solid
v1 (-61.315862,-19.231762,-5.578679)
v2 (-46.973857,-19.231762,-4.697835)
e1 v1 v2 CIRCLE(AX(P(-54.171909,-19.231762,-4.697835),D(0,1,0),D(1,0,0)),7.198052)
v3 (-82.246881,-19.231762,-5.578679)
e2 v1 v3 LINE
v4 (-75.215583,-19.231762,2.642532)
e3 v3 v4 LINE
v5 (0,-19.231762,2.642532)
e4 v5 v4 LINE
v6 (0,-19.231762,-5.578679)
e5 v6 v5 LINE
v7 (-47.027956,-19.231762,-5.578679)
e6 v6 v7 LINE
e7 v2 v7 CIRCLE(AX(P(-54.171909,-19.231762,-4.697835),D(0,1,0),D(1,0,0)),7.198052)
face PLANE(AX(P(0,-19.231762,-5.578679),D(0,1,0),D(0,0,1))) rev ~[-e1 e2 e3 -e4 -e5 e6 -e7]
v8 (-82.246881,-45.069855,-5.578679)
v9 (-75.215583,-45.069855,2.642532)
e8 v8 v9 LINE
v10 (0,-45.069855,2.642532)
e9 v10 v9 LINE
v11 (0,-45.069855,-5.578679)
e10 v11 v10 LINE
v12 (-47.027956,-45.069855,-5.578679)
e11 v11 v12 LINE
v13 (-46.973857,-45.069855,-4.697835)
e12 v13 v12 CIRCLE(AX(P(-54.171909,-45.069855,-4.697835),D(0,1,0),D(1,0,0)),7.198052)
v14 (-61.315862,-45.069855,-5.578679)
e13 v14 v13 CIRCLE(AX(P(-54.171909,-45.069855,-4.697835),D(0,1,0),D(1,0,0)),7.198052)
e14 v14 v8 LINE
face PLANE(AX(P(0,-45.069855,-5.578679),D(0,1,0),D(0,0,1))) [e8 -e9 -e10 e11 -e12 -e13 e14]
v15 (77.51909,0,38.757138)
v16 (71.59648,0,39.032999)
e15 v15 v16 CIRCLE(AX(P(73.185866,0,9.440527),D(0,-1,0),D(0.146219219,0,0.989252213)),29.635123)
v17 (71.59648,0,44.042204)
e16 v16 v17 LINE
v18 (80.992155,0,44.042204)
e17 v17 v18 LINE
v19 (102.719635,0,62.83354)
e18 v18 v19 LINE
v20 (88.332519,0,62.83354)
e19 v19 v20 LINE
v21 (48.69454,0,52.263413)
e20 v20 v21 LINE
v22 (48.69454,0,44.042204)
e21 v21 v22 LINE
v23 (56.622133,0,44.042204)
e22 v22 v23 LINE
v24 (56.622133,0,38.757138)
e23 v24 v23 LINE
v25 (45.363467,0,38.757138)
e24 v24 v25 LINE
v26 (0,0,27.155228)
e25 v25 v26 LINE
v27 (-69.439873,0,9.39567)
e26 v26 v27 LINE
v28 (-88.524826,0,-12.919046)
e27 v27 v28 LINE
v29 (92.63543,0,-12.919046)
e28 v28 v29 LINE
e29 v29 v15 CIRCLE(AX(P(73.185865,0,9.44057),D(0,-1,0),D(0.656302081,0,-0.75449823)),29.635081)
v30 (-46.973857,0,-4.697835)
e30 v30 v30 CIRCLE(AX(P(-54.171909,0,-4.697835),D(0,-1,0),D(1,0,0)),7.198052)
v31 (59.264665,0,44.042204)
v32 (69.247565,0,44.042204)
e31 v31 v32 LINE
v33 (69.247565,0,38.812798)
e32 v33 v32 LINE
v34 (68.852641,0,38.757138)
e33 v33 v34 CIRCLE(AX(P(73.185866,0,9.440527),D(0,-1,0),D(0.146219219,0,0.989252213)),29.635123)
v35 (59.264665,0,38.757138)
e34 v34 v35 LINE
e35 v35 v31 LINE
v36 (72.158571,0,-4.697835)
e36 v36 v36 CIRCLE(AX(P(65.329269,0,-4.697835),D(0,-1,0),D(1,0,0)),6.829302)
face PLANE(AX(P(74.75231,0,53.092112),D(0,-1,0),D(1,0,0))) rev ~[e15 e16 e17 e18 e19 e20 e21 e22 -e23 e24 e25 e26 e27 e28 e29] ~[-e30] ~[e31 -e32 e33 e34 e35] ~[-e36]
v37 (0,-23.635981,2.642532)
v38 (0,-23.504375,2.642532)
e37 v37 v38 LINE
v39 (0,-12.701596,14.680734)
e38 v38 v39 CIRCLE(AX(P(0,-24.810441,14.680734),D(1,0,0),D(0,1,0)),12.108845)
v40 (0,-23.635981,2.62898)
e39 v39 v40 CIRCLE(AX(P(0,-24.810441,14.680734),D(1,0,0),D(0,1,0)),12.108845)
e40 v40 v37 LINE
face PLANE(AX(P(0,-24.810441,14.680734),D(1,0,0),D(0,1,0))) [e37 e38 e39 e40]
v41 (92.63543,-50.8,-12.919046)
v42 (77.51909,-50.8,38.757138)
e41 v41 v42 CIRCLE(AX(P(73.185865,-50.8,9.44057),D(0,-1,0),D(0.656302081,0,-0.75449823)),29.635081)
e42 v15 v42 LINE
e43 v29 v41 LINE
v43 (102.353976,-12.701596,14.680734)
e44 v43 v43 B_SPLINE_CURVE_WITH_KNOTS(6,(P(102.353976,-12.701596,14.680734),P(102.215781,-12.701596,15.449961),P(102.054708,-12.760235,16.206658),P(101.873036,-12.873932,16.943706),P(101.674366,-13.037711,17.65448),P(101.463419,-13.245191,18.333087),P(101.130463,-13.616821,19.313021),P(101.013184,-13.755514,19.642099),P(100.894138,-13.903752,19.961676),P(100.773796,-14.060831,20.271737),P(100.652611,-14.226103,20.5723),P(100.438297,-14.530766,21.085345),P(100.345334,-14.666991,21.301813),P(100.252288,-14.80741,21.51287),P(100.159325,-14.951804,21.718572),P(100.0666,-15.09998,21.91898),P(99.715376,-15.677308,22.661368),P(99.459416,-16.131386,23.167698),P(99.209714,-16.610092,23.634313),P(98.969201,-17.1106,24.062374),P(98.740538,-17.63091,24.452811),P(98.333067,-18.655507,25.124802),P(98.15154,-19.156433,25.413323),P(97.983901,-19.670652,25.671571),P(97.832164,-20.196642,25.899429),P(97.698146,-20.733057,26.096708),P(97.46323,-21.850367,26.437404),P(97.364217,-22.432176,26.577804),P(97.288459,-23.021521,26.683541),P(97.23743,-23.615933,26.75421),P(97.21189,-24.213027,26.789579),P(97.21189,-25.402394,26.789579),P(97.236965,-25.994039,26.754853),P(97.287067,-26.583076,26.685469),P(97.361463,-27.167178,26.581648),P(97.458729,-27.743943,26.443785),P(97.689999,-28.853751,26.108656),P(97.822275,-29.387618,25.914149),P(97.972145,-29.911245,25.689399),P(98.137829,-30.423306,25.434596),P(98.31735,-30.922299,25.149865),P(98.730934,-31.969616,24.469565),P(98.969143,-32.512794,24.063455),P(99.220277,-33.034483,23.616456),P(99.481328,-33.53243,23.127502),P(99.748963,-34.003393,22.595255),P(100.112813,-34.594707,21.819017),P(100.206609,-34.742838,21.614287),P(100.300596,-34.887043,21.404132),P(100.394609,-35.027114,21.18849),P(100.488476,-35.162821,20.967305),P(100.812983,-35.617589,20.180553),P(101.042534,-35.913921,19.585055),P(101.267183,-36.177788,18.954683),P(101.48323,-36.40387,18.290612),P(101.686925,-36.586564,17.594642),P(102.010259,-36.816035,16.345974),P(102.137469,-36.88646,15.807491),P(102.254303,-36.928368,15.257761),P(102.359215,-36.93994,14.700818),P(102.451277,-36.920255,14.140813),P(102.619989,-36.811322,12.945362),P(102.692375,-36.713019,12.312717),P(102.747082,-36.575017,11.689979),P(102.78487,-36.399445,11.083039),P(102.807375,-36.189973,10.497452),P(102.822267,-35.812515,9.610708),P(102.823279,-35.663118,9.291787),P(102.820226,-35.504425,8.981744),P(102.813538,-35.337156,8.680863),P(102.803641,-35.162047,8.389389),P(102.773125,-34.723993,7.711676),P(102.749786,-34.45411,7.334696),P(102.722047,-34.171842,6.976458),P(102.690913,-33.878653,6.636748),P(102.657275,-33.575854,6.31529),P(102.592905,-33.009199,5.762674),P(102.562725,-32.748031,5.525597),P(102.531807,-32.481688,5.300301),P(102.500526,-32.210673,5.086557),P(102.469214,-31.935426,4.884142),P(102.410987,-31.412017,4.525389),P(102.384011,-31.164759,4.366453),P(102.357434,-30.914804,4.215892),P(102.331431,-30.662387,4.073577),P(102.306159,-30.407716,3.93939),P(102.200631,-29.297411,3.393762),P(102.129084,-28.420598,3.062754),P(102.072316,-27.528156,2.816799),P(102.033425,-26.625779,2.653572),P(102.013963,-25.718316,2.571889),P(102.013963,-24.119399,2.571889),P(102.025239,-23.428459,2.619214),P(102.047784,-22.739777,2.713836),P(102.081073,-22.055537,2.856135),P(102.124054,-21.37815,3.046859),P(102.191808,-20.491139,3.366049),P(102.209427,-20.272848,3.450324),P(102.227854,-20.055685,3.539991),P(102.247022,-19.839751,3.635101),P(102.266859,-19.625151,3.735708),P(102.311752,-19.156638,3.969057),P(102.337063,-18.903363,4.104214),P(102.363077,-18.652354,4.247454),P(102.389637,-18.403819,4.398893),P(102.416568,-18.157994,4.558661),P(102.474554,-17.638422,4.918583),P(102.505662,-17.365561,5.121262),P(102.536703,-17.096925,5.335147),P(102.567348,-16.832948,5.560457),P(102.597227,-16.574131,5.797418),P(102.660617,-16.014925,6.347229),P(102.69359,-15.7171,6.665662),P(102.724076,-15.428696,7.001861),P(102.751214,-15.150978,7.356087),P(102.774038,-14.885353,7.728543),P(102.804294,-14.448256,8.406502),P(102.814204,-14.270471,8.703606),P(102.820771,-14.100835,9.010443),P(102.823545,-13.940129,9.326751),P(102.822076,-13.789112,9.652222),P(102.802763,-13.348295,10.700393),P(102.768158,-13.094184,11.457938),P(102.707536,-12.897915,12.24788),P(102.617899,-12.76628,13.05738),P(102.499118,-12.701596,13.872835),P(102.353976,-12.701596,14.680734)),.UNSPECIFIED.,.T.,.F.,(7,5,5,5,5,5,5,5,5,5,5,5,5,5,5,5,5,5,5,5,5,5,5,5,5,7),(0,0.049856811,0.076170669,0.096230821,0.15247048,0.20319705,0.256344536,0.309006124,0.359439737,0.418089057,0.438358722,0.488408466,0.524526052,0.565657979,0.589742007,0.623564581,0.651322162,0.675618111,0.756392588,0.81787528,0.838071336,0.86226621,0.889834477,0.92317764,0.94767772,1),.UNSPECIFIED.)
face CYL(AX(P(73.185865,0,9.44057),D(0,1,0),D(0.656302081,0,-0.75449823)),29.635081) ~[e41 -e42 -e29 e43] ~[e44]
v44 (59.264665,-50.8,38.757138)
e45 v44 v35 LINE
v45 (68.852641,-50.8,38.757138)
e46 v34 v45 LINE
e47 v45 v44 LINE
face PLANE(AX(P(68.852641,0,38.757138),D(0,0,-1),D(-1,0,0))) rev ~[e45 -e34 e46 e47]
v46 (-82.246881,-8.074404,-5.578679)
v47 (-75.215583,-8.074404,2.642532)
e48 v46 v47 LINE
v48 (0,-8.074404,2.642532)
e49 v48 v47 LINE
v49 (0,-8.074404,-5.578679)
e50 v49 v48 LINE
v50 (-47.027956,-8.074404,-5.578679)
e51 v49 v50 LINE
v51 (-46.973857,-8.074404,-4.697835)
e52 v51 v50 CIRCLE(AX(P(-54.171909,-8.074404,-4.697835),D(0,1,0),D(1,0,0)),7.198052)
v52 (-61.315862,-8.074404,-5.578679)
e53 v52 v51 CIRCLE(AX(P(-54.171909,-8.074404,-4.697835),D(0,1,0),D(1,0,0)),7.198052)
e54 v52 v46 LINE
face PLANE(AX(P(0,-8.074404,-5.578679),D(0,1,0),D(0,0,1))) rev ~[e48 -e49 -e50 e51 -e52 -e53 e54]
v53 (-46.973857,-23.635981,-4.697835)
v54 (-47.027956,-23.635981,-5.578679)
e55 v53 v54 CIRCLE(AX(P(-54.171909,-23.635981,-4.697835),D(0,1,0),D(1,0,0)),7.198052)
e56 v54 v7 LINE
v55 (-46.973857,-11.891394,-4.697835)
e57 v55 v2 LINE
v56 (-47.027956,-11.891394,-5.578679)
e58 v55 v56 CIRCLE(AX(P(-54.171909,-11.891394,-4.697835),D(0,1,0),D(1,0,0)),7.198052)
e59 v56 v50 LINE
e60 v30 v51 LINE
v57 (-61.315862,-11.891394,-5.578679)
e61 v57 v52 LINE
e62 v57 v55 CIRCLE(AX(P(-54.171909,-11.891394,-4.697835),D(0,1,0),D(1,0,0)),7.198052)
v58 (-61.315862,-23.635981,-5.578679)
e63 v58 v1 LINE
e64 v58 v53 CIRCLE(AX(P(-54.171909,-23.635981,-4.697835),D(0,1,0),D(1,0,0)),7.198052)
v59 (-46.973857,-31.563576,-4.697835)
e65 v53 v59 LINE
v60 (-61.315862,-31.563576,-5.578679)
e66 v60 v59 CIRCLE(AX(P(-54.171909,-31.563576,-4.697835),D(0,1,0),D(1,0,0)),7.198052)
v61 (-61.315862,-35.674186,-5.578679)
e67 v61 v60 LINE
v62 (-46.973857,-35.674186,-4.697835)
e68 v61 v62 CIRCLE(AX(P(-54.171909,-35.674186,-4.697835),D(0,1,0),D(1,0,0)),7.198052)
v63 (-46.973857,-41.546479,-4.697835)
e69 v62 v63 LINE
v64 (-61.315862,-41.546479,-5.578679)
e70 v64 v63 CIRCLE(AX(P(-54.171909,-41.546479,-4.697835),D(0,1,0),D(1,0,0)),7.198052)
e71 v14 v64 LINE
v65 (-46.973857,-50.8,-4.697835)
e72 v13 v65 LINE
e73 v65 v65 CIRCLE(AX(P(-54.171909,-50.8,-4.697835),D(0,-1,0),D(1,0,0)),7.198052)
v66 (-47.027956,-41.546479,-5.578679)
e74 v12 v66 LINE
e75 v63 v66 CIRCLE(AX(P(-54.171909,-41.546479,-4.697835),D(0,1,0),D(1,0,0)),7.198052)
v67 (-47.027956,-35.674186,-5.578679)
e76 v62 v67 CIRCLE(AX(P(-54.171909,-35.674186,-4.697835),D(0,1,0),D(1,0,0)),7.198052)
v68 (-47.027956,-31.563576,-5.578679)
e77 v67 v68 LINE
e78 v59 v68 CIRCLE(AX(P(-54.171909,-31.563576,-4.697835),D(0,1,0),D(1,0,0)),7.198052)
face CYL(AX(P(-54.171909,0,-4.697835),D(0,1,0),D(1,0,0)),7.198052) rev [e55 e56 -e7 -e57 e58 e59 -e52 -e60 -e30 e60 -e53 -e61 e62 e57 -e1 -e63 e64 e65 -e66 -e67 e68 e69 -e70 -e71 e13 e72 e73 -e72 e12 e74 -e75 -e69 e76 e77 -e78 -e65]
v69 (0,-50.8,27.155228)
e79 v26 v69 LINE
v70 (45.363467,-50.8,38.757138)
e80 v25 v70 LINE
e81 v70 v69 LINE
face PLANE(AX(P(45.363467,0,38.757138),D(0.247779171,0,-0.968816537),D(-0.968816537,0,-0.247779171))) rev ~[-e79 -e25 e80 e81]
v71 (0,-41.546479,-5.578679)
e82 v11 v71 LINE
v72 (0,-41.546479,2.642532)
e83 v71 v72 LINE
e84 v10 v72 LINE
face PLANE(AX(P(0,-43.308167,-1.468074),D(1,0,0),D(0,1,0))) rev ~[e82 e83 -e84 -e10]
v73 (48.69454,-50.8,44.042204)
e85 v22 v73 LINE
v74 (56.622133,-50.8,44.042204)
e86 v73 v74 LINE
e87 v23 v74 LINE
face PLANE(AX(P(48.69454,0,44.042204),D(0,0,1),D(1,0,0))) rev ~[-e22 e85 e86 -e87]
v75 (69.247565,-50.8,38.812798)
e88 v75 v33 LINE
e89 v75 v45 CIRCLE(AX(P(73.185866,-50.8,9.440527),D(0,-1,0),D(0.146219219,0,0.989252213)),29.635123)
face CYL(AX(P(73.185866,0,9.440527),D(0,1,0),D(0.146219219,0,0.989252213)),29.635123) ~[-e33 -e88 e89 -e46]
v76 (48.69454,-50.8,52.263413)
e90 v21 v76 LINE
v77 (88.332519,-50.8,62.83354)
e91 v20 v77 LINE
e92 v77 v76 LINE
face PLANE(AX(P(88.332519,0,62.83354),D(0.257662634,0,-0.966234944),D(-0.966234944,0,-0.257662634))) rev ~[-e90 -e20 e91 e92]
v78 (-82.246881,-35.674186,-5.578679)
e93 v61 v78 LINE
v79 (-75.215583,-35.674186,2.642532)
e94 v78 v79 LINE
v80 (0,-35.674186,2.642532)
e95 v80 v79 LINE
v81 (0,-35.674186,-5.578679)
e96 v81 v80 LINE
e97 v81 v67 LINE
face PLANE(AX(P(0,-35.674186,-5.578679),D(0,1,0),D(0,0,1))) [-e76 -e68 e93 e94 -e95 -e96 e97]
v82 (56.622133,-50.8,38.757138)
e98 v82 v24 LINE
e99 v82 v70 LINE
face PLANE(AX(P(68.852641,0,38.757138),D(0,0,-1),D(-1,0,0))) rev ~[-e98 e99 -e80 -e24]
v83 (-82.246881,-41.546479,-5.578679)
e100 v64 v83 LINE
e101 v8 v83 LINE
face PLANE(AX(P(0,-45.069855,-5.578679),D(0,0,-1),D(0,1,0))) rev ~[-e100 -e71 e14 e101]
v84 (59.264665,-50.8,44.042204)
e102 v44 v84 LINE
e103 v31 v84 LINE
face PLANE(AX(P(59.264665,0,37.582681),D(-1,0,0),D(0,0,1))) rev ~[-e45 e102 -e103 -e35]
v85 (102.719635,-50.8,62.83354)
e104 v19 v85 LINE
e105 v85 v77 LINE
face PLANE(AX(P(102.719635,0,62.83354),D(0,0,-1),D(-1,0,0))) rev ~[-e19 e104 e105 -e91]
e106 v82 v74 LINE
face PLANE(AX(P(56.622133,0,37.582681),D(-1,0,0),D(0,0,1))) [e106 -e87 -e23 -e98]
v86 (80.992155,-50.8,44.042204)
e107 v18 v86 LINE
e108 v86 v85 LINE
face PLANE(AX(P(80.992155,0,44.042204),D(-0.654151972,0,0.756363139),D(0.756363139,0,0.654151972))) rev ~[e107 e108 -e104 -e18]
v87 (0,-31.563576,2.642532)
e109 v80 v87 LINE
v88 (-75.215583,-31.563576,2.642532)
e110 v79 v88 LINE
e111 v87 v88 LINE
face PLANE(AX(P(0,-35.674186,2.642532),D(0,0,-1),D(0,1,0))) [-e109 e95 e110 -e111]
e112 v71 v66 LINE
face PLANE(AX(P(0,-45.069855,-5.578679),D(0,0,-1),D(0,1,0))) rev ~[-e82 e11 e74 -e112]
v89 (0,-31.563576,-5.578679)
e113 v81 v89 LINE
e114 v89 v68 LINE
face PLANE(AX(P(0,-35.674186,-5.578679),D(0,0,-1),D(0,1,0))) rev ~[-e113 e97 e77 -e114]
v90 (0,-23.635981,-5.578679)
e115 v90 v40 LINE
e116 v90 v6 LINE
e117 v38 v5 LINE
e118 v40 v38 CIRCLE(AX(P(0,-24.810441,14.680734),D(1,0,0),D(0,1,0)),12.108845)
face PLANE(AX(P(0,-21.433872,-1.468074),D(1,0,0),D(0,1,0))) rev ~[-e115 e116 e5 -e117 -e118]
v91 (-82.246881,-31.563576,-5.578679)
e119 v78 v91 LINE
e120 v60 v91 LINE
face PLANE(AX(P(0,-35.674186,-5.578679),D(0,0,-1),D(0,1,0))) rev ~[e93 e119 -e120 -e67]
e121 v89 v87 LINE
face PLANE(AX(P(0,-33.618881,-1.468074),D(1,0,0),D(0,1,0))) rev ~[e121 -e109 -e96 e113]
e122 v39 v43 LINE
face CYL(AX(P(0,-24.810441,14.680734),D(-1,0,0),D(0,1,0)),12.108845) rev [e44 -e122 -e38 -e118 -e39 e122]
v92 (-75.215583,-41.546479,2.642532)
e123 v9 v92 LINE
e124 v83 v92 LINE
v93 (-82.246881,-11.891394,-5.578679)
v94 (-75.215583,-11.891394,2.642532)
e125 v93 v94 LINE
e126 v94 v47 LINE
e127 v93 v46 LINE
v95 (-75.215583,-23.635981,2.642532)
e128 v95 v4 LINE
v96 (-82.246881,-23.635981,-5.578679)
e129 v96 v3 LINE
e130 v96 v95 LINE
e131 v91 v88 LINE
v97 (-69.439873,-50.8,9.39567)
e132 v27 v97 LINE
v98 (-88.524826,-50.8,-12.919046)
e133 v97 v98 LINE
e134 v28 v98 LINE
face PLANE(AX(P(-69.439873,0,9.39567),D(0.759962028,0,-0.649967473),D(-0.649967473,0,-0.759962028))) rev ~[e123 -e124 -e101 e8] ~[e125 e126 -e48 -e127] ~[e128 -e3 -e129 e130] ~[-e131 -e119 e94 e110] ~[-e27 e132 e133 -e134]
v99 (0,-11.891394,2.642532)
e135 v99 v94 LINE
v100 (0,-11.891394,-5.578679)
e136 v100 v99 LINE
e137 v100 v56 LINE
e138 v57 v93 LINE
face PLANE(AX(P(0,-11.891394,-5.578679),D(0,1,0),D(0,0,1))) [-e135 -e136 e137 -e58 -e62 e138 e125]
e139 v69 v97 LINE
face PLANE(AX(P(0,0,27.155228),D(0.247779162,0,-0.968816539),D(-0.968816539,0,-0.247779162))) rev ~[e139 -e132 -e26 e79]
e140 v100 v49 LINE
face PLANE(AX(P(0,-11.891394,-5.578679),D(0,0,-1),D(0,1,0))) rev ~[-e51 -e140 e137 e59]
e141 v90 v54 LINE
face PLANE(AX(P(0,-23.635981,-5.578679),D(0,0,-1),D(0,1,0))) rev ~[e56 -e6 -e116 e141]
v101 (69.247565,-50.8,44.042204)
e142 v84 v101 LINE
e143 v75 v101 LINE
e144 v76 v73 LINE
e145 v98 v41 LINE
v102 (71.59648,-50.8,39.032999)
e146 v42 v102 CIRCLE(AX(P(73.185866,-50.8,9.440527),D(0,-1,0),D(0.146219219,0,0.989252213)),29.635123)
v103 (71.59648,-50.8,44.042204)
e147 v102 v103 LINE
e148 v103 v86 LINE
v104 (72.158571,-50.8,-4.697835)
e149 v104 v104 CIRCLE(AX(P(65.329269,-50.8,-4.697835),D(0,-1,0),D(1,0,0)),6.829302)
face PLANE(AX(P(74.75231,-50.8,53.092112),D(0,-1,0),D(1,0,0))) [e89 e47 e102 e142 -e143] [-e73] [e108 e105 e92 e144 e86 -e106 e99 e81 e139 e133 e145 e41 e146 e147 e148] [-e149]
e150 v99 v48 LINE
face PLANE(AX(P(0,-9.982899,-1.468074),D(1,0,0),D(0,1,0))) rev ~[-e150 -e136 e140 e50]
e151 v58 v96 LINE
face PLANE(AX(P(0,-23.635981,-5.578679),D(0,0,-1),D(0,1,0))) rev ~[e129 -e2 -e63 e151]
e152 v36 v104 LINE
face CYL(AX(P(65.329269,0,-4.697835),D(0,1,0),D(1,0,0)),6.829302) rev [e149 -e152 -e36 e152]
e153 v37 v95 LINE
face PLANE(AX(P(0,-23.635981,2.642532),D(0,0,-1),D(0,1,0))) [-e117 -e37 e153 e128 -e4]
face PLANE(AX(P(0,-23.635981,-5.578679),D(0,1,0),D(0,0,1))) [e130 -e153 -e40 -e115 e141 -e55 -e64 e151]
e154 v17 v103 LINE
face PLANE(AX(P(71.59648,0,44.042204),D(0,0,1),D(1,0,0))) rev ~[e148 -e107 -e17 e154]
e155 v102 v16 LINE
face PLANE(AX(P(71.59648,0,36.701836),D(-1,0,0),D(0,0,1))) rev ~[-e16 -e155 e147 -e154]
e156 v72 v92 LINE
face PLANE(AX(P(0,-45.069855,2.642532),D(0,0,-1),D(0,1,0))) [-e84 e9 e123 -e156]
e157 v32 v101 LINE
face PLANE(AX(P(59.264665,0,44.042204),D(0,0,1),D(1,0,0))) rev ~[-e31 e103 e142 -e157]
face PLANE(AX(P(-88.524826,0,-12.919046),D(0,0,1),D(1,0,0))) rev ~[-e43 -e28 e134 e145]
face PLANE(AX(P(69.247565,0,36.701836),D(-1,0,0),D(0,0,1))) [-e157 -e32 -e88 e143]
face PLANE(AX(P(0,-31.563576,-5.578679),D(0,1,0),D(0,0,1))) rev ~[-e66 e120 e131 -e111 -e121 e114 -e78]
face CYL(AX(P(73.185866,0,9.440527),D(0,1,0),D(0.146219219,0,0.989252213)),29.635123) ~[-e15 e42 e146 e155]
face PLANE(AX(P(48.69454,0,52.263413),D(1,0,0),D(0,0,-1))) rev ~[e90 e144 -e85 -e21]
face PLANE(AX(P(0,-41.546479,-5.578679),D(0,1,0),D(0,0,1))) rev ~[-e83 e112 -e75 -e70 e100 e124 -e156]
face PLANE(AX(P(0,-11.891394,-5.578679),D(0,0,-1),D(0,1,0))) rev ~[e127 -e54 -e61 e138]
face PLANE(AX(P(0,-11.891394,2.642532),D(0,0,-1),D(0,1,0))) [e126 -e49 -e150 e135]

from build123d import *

# Parameters (mm, degrees)
F0_R     = 7.198052
F0_R_2   = 6.829302
F1_DEPTH = 50.8
F2_R     = 12.108845
F3_DEPTH = 127
F4_W     = 2.642531
F4_H     = 6.459523
F4_W_2   = 2.348915
F4_H_2   = 7.340368
F5_DEPTH = 50.8
F6_W     = 3.81699
F6_H     = 8.221211
F6_W_2   = 4.404219
F6_W_3   = 4.110609
F6_W_4   = 3.523376
F7_DEPTH = 101.6


with BuildPart() as f1:
    # F0 (on Front) → F1 (new body)
    with BuildSketch(Plane.XZ):
        with BuildLine():
            Line((68.852641, 38.757138), (45.363467, 38.757138))
            Line((45.363467, 38.757138), (0, 27.155228))
            Line((0, 27.155228), (-69.439873, 9.39567))
            Line((-69.439873, 9.39567), (-88.524826, -12.919046))
            Line((-88.524826, -12.919046), (92.63543, -12.919046))
            ThreePointArc((92.63543, -12.919046), (101.629006, 17.76077), (77.51909, 38.757138))
            Line((77.51909, 38.757138), (68.852641, 38.757138))
        make_face()
        with Locations((-54.171909, -4.697835)):
            Circle(F0_R, mode=Mode.SUBTRACT)
        with Locations((65.329269, -4.697835)):
            Circle(F0_R_2, mode=Mode.SUBTRACT)
        with BuildLine():
            ThreePointArc((77.51909, 38.757138), (73.185865, 39.07565), (68.852641, 38.757138))
            Line((68.852641, 38.757138), (77.51909, 38.757138))
        make_face()
    extrude(amount=F1_DEPTH)

    # F2 (on Right) → F3 (cut)
    with BuildSketch(Plane.YZ):
        with Locations((-24.810441, 14.680734)):
            Circle(F2_R)
    extrude(amount=F3_DEPTH, mode=Mode.SUBTRACT)

    # F4 (on Front) → F5 (join)
    with BuildSketch(Plane.XZ):
        Polygon((48.69454, 52.263413), (48.69454, 44.042204), (56.622133, 44.042204), (59.264664, 44.042204), (69.247566, 44.042204), (71.596481, 44.042204), (80.992155, 44.042204), (102.719635, 62.83354), (88.332519, 62.83354), align=None)
        with Locations((57.943399, 40.812443)):
            Rectangle(F4_W, F4_H)
        with Locations((70.422023, 40.37202)):
            Rectangle(F4_W_2, F4_H_2)
    extrude(amount=F5_DEPTH)

    # F6 (on Right) → F7 (cut)
    with BuildSketch(Plane.YZ):
        with Locations((-9.982899, -1.468074)):
            Rectangle(F6_W, F6_H)
        with Locations((-21.433872, -1.468074)):
            Rectangle(F6_W_2, F6_H)
        with Locations((-33.618881, -1.468074)):
            Rectangle(F6_W_3, F6_H)
        with Locations((-43.308167, -1.468074)):
            Rectangle(F6_W_4, F6_H)
    extrude(amount=-F7_DEPTH, mode=Mode.SUBTRACT)


solid = f1.part
